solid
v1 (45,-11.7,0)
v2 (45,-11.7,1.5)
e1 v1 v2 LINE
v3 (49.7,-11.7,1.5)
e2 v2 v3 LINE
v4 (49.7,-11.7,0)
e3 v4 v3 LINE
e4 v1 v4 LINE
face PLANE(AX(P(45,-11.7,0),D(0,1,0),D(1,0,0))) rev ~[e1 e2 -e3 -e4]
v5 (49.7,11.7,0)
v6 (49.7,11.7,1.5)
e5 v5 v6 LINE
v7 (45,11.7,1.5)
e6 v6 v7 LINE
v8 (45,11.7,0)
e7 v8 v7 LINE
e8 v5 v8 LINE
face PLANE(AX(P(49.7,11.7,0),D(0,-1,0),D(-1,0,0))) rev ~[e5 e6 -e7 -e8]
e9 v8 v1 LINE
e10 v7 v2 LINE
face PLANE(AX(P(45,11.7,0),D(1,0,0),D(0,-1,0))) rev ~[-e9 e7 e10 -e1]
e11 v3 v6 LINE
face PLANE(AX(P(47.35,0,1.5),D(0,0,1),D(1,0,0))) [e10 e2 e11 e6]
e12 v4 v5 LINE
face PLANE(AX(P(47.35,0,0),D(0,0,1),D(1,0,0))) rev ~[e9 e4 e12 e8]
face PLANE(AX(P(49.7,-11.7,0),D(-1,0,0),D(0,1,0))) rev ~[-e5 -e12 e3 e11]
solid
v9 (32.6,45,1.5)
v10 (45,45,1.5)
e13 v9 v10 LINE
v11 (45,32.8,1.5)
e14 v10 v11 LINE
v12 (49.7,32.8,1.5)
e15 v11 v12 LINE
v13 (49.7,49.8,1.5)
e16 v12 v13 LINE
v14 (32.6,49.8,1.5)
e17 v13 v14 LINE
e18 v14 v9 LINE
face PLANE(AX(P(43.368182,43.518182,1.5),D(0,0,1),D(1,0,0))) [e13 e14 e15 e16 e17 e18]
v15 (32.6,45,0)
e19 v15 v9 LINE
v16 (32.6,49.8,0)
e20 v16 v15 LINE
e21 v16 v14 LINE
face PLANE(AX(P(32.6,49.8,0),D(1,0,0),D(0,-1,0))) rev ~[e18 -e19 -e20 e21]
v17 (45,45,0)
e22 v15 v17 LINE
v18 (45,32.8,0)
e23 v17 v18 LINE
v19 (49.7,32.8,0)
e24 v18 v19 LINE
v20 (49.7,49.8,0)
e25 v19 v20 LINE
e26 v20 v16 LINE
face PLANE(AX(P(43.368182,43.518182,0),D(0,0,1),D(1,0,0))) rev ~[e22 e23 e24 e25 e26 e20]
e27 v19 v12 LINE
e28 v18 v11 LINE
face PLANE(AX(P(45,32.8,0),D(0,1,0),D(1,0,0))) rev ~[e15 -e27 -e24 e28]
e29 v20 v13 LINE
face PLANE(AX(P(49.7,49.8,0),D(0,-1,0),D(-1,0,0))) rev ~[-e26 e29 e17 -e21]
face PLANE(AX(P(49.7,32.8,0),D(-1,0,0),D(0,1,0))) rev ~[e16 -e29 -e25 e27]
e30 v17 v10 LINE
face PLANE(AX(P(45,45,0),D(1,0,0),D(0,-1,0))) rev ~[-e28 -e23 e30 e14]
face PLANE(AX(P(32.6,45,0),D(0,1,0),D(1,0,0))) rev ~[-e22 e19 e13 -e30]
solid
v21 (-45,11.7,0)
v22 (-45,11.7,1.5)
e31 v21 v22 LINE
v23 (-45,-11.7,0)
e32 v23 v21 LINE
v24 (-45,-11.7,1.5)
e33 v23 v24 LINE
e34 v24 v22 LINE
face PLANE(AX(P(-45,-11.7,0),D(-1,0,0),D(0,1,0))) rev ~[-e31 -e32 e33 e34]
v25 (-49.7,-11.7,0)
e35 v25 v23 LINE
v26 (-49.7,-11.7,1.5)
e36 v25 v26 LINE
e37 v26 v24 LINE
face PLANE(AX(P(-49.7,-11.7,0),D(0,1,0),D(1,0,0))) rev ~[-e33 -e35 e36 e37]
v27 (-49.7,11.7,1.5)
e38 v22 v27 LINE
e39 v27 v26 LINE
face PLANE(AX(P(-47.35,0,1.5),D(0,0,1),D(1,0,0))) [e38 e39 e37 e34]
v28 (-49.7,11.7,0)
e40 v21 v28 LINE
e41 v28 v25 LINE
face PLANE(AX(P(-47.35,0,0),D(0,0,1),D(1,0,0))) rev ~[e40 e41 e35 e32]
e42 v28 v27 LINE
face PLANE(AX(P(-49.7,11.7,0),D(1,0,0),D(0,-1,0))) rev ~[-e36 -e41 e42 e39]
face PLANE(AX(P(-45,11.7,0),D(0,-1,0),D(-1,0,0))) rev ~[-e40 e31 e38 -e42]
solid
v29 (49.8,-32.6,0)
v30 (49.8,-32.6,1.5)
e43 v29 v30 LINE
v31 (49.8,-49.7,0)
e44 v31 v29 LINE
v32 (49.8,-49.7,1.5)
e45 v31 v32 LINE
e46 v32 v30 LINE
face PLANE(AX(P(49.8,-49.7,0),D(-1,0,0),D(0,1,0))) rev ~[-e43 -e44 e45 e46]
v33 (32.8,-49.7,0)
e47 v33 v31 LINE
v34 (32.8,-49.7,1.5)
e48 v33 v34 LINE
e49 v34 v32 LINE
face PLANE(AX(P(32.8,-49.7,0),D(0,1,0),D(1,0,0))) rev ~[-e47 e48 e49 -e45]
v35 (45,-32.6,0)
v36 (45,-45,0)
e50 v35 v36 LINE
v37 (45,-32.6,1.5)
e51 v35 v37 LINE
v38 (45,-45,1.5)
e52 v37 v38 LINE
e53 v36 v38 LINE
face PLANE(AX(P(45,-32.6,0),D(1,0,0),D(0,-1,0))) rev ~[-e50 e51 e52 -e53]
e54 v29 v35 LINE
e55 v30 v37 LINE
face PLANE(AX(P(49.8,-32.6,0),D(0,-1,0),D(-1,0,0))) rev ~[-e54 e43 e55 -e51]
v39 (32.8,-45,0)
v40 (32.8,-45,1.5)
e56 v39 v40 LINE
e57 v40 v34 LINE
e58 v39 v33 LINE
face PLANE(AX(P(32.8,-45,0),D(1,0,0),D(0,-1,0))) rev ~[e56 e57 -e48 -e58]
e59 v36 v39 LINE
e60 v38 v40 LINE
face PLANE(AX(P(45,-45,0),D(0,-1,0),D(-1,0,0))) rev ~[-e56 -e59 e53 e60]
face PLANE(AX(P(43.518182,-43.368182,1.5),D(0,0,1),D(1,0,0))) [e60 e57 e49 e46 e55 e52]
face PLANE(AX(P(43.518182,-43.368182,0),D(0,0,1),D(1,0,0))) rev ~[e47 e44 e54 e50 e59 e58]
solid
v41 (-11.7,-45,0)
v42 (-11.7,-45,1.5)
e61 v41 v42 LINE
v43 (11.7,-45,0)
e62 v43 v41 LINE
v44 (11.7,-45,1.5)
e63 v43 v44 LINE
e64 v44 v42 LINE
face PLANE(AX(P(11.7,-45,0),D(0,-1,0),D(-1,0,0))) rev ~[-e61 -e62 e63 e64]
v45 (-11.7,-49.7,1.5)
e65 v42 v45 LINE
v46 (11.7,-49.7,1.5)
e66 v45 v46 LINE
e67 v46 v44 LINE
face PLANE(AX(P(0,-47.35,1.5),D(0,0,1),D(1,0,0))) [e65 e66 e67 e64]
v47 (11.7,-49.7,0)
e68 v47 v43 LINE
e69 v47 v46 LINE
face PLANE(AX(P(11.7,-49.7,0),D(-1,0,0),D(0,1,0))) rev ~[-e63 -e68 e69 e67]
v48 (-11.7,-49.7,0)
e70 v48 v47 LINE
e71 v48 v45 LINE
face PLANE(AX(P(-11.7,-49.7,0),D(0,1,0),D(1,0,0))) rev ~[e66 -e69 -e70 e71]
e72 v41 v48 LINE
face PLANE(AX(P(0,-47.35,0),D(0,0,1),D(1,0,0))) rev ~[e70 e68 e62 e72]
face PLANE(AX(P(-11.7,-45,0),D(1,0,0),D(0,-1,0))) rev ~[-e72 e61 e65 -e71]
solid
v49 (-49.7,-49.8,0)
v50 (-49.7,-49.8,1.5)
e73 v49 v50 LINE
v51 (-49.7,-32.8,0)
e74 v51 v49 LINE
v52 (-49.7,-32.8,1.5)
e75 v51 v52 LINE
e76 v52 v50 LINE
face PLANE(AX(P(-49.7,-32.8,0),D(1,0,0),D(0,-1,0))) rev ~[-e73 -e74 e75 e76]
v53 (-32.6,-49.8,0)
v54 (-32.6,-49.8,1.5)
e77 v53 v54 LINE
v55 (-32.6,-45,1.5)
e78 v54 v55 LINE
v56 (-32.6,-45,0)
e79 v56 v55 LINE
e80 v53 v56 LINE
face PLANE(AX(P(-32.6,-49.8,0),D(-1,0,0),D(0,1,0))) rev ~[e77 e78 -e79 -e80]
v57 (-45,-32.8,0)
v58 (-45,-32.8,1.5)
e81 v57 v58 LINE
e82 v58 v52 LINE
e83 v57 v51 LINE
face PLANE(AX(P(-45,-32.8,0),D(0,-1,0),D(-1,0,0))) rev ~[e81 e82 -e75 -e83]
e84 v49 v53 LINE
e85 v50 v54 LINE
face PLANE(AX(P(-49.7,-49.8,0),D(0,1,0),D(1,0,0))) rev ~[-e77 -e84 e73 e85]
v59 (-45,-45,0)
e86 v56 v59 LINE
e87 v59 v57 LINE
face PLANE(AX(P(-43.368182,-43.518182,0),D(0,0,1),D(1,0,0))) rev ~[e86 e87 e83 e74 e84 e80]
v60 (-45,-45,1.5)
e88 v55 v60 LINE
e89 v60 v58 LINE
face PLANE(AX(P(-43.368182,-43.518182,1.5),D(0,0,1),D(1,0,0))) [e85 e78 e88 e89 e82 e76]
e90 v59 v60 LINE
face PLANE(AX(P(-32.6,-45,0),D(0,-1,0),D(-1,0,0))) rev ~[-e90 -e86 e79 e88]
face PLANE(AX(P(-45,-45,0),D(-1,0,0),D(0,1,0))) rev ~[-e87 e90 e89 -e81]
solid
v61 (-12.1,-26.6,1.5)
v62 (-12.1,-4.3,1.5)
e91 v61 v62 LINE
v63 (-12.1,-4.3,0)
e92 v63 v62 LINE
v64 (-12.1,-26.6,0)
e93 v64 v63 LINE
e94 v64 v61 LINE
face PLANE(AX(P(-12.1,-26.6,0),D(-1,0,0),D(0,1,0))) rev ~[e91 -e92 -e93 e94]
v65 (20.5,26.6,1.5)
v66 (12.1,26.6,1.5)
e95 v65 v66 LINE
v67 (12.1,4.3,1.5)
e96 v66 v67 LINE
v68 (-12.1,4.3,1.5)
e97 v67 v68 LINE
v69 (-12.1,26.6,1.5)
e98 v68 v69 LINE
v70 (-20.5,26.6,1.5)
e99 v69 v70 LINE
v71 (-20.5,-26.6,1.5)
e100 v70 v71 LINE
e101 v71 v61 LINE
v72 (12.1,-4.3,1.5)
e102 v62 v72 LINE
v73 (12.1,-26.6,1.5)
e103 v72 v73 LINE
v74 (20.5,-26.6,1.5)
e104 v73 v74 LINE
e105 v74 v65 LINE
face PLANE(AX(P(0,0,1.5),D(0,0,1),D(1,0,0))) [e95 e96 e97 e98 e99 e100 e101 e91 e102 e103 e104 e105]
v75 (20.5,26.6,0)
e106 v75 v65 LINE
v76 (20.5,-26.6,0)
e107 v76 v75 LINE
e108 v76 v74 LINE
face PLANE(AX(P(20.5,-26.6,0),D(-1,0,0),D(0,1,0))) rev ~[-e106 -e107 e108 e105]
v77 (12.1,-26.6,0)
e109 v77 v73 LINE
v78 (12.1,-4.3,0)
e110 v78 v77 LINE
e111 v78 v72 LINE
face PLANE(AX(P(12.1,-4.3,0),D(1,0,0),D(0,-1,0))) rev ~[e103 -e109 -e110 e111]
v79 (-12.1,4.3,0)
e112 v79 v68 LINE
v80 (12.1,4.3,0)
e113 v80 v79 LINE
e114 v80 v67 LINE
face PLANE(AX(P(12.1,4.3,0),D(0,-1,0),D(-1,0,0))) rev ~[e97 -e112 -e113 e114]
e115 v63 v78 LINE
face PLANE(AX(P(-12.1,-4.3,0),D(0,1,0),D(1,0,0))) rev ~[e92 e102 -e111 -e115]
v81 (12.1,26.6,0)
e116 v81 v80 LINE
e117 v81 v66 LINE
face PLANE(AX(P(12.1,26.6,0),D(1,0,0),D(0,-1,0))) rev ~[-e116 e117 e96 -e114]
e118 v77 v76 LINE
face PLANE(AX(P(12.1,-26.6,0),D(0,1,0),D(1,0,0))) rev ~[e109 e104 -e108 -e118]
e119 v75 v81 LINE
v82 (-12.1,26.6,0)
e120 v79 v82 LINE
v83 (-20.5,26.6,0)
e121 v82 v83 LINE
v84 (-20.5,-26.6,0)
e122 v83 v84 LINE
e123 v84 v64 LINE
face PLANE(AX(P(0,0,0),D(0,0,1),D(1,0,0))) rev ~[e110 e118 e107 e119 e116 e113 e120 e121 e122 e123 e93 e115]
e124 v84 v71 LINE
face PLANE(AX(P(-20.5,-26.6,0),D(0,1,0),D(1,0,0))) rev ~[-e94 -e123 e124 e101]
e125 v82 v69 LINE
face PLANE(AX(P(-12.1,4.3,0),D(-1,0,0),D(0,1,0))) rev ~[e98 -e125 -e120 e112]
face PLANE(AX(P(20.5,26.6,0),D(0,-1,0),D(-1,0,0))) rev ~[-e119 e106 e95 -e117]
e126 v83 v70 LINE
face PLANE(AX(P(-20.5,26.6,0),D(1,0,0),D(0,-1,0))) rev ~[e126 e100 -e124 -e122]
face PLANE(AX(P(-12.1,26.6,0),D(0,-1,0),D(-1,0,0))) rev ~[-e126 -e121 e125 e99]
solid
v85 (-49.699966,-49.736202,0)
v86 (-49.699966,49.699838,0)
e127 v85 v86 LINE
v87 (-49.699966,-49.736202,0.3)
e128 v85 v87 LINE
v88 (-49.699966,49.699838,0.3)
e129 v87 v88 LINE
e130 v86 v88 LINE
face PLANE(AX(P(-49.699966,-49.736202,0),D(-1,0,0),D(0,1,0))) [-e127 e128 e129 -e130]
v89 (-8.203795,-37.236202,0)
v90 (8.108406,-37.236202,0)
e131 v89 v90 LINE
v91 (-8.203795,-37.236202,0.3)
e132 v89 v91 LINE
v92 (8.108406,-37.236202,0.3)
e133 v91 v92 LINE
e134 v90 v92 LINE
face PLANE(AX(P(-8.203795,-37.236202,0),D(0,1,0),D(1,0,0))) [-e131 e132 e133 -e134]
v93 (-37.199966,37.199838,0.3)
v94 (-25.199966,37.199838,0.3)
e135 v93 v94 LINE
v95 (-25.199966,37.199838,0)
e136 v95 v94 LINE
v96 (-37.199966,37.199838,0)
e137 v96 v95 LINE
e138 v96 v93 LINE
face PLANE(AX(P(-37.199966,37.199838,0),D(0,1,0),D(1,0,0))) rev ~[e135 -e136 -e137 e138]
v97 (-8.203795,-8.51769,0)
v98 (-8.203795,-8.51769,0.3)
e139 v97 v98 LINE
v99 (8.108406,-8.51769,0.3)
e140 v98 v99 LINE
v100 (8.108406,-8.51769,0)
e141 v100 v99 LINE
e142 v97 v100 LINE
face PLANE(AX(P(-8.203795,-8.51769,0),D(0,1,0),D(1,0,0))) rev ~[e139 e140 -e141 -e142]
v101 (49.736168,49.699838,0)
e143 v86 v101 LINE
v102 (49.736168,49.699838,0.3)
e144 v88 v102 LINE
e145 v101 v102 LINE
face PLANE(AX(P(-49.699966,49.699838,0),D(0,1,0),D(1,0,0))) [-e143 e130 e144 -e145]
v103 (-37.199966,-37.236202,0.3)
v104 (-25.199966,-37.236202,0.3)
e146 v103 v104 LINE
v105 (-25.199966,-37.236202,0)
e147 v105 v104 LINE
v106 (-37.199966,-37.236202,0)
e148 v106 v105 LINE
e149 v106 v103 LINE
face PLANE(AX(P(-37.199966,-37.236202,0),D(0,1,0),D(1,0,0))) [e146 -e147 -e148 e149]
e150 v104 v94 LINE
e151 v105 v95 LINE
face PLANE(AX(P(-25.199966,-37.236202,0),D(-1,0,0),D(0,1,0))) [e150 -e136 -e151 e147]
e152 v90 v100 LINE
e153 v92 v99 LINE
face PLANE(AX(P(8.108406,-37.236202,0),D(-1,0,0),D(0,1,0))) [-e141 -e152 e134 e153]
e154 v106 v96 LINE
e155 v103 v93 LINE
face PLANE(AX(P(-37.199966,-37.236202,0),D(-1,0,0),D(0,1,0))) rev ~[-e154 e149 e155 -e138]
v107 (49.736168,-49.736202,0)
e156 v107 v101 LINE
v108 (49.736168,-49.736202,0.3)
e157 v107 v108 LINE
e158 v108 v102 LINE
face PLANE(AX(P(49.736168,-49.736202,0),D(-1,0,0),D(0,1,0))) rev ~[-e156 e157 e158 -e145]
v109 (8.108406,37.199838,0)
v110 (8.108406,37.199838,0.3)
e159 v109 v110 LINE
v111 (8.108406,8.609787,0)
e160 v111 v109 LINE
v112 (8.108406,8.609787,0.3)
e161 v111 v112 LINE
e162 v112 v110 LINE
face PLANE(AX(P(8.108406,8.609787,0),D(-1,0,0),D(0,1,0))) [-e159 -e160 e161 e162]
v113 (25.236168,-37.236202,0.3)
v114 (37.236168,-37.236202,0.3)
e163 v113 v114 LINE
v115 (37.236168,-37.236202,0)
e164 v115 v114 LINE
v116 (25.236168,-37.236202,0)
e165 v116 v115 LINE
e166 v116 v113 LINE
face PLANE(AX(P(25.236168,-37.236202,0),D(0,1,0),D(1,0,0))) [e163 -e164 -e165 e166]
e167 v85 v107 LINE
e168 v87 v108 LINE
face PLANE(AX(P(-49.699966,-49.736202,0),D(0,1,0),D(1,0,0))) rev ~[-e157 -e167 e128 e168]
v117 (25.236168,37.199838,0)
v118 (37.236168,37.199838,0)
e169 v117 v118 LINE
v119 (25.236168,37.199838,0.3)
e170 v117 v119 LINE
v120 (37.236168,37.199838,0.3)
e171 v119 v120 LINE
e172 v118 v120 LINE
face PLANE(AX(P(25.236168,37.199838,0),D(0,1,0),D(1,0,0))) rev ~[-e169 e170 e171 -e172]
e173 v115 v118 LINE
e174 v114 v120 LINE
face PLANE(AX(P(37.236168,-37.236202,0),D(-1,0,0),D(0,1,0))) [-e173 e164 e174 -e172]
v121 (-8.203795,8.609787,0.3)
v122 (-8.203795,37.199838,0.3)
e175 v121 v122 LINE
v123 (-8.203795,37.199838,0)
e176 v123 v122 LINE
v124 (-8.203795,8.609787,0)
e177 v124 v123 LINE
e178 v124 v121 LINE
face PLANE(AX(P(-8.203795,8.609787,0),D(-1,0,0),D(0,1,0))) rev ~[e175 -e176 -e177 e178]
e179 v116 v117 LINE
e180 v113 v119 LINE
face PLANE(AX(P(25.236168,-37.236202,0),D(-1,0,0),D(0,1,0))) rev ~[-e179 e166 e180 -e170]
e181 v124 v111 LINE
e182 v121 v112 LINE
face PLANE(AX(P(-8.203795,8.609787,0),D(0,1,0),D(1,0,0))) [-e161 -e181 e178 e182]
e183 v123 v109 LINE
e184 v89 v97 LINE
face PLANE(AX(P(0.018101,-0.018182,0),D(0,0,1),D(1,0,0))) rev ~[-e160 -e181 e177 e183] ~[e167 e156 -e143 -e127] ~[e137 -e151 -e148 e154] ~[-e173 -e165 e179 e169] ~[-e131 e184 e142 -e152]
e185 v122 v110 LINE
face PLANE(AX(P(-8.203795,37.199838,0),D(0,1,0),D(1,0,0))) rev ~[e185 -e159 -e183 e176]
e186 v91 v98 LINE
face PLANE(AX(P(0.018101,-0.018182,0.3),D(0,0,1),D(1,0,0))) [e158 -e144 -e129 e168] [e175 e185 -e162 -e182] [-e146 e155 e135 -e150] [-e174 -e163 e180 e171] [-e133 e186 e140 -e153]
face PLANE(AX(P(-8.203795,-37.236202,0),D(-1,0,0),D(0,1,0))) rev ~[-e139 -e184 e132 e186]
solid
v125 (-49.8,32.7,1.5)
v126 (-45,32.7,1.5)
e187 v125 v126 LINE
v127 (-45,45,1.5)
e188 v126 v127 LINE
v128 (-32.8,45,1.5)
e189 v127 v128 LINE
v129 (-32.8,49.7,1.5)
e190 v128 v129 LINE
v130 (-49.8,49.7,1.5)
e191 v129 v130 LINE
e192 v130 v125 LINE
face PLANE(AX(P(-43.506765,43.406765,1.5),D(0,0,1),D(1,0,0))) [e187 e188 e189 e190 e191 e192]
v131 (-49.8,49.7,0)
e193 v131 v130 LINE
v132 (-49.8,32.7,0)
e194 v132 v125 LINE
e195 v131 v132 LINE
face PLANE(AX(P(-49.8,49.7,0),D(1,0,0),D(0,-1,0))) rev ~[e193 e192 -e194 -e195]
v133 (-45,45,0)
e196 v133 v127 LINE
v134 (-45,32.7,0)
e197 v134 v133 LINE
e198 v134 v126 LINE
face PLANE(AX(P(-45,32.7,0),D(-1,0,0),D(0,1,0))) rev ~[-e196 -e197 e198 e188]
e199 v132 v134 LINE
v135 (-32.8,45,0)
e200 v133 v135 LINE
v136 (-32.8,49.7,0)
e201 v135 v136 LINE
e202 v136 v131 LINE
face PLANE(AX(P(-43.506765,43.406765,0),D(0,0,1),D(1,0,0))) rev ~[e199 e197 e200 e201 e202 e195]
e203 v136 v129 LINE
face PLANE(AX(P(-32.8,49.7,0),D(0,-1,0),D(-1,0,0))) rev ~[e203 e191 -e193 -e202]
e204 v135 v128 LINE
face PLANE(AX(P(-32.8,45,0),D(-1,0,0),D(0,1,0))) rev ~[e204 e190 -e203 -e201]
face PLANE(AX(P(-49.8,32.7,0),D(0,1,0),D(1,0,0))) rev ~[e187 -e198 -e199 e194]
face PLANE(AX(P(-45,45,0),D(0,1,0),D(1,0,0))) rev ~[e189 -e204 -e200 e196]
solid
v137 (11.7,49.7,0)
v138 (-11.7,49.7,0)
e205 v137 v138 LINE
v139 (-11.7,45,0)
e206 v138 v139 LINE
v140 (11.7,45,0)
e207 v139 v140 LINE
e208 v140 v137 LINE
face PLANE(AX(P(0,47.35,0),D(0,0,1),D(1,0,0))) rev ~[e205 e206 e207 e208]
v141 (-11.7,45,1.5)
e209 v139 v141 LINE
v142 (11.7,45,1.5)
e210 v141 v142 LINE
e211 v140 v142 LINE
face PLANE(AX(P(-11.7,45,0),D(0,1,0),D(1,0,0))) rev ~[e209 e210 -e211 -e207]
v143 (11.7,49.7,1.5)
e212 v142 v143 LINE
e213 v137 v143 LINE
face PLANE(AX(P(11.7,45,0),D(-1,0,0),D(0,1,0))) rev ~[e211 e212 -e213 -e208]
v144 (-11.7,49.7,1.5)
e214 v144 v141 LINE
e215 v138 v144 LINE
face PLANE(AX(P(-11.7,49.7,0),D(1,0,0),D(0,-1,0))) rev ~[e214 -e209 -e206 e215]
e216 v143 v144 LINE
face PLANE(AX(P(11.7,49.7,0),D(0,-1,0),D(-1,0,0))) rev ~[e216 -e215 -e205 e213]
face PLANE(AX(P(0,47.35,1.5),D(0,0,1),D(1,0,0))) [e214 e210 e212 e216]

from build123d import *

# Parameters (mm, degrees)
F1_DEPTH = 1.5
F2_W     = 99.436134
F2_H     = 99.436041
F2_W_2   = 12
F2_H_2   = 74.436041
F2_W_3   = 16.312201
F2_H_3   = 28.718512
F2_H_4   = 28.590051
F3_DEPTH = 0.3


with BuildPart() as f1:
    # F0 (on Top) → F1 (new body)
    with BuildSketch(Plane.XY):
        Polygon((-12.1, 4.3), (-12.1, 26.6), (-20.5, 26.6), (-20.5, -26.6), (-12.1, -26.6), (-12.1, -4.3), (0, -4.3), (12.1, -4.3), (12.1, -26.6), (20.5, -26.6), (20.5, 26.6), (12.1, 26.6), (12.1, 4.3), (0, 4.3), align=None)
        Polygon((-11.7, 49.7), (-11.7, 45), (0, 45), (11.7, 45), (11.7, 49.7), (0, 49.7), align=None)
        Polygon((-32.8, 45), (-32.8, 49.7), (-49.8, 49.7), (-49.8, 32.7), (-45, 32.7), (-45, 45), align=None)
        Polygon((-45, 11.7), (-49.7, 11.7), (-49.7, 0), (-49.7, -11.7), (-45, -11.7), (-45, 0), align=None)
        Polygon((-32.6, -45), (-45, -45), (-45, -32.8), (-49.7, -32.8), (-49.7, -49.8), (-32.6, -49.8), align=None)
        Polygon((-11.7, -45), (-11.7, -49.7), (0, -49.7), (11.7, -49.7), (11.7, -45), (0, -45), align=None)
        Polygon((45, -32.6), (45, -45), (32.8, -45), (32.8, -49.7), (49.8, -49.7), (49.8, -32.6), align=None)
        Polygon((45, -11.7), (49.7, -11.7), (49.7, 0), (49.7, 11.7), (45, 11.7), (45, 0), align=None)
        Polygon((32.6, 45), (45, 45), (45, 32.8), (49.7, 32.8), (49.7, 49.8), (32.6, 49.8), align=None)
    extrude(amount=F1_DEPTH)


with BuildPart() as f3:
    # F2 (on Top) → F3 (new body)
    with BuildSketch(Plane.XY):
        with Locations((0.018101, -0.018182)):
            Rectangle(F2_W, F2_H)
        with Locations((-31.199966, -0.018182)):
            Rectangle(F2_W_2, F2_H_2, mode=Mode.SUBTRACT)
        with Locations((-0.047694, -22.876946)):
            Rectangle(F2_W_3, F2_H_3, mode=Mode.SUBTRACT)
        with Locations((31.236168, -0.018182)):
            Rectangle(F2_W_2, F2_H_2, mode=Mode.SUBTRACT)
        with Locations((-0.047694, 22.904813)):
            Rectangle(F2_W_3, F2_H_4, mode=Mode.SUBTRACT)
    extrude(amount=F3_DEPTH)


solid = Compound([f1.part, f3.part])
